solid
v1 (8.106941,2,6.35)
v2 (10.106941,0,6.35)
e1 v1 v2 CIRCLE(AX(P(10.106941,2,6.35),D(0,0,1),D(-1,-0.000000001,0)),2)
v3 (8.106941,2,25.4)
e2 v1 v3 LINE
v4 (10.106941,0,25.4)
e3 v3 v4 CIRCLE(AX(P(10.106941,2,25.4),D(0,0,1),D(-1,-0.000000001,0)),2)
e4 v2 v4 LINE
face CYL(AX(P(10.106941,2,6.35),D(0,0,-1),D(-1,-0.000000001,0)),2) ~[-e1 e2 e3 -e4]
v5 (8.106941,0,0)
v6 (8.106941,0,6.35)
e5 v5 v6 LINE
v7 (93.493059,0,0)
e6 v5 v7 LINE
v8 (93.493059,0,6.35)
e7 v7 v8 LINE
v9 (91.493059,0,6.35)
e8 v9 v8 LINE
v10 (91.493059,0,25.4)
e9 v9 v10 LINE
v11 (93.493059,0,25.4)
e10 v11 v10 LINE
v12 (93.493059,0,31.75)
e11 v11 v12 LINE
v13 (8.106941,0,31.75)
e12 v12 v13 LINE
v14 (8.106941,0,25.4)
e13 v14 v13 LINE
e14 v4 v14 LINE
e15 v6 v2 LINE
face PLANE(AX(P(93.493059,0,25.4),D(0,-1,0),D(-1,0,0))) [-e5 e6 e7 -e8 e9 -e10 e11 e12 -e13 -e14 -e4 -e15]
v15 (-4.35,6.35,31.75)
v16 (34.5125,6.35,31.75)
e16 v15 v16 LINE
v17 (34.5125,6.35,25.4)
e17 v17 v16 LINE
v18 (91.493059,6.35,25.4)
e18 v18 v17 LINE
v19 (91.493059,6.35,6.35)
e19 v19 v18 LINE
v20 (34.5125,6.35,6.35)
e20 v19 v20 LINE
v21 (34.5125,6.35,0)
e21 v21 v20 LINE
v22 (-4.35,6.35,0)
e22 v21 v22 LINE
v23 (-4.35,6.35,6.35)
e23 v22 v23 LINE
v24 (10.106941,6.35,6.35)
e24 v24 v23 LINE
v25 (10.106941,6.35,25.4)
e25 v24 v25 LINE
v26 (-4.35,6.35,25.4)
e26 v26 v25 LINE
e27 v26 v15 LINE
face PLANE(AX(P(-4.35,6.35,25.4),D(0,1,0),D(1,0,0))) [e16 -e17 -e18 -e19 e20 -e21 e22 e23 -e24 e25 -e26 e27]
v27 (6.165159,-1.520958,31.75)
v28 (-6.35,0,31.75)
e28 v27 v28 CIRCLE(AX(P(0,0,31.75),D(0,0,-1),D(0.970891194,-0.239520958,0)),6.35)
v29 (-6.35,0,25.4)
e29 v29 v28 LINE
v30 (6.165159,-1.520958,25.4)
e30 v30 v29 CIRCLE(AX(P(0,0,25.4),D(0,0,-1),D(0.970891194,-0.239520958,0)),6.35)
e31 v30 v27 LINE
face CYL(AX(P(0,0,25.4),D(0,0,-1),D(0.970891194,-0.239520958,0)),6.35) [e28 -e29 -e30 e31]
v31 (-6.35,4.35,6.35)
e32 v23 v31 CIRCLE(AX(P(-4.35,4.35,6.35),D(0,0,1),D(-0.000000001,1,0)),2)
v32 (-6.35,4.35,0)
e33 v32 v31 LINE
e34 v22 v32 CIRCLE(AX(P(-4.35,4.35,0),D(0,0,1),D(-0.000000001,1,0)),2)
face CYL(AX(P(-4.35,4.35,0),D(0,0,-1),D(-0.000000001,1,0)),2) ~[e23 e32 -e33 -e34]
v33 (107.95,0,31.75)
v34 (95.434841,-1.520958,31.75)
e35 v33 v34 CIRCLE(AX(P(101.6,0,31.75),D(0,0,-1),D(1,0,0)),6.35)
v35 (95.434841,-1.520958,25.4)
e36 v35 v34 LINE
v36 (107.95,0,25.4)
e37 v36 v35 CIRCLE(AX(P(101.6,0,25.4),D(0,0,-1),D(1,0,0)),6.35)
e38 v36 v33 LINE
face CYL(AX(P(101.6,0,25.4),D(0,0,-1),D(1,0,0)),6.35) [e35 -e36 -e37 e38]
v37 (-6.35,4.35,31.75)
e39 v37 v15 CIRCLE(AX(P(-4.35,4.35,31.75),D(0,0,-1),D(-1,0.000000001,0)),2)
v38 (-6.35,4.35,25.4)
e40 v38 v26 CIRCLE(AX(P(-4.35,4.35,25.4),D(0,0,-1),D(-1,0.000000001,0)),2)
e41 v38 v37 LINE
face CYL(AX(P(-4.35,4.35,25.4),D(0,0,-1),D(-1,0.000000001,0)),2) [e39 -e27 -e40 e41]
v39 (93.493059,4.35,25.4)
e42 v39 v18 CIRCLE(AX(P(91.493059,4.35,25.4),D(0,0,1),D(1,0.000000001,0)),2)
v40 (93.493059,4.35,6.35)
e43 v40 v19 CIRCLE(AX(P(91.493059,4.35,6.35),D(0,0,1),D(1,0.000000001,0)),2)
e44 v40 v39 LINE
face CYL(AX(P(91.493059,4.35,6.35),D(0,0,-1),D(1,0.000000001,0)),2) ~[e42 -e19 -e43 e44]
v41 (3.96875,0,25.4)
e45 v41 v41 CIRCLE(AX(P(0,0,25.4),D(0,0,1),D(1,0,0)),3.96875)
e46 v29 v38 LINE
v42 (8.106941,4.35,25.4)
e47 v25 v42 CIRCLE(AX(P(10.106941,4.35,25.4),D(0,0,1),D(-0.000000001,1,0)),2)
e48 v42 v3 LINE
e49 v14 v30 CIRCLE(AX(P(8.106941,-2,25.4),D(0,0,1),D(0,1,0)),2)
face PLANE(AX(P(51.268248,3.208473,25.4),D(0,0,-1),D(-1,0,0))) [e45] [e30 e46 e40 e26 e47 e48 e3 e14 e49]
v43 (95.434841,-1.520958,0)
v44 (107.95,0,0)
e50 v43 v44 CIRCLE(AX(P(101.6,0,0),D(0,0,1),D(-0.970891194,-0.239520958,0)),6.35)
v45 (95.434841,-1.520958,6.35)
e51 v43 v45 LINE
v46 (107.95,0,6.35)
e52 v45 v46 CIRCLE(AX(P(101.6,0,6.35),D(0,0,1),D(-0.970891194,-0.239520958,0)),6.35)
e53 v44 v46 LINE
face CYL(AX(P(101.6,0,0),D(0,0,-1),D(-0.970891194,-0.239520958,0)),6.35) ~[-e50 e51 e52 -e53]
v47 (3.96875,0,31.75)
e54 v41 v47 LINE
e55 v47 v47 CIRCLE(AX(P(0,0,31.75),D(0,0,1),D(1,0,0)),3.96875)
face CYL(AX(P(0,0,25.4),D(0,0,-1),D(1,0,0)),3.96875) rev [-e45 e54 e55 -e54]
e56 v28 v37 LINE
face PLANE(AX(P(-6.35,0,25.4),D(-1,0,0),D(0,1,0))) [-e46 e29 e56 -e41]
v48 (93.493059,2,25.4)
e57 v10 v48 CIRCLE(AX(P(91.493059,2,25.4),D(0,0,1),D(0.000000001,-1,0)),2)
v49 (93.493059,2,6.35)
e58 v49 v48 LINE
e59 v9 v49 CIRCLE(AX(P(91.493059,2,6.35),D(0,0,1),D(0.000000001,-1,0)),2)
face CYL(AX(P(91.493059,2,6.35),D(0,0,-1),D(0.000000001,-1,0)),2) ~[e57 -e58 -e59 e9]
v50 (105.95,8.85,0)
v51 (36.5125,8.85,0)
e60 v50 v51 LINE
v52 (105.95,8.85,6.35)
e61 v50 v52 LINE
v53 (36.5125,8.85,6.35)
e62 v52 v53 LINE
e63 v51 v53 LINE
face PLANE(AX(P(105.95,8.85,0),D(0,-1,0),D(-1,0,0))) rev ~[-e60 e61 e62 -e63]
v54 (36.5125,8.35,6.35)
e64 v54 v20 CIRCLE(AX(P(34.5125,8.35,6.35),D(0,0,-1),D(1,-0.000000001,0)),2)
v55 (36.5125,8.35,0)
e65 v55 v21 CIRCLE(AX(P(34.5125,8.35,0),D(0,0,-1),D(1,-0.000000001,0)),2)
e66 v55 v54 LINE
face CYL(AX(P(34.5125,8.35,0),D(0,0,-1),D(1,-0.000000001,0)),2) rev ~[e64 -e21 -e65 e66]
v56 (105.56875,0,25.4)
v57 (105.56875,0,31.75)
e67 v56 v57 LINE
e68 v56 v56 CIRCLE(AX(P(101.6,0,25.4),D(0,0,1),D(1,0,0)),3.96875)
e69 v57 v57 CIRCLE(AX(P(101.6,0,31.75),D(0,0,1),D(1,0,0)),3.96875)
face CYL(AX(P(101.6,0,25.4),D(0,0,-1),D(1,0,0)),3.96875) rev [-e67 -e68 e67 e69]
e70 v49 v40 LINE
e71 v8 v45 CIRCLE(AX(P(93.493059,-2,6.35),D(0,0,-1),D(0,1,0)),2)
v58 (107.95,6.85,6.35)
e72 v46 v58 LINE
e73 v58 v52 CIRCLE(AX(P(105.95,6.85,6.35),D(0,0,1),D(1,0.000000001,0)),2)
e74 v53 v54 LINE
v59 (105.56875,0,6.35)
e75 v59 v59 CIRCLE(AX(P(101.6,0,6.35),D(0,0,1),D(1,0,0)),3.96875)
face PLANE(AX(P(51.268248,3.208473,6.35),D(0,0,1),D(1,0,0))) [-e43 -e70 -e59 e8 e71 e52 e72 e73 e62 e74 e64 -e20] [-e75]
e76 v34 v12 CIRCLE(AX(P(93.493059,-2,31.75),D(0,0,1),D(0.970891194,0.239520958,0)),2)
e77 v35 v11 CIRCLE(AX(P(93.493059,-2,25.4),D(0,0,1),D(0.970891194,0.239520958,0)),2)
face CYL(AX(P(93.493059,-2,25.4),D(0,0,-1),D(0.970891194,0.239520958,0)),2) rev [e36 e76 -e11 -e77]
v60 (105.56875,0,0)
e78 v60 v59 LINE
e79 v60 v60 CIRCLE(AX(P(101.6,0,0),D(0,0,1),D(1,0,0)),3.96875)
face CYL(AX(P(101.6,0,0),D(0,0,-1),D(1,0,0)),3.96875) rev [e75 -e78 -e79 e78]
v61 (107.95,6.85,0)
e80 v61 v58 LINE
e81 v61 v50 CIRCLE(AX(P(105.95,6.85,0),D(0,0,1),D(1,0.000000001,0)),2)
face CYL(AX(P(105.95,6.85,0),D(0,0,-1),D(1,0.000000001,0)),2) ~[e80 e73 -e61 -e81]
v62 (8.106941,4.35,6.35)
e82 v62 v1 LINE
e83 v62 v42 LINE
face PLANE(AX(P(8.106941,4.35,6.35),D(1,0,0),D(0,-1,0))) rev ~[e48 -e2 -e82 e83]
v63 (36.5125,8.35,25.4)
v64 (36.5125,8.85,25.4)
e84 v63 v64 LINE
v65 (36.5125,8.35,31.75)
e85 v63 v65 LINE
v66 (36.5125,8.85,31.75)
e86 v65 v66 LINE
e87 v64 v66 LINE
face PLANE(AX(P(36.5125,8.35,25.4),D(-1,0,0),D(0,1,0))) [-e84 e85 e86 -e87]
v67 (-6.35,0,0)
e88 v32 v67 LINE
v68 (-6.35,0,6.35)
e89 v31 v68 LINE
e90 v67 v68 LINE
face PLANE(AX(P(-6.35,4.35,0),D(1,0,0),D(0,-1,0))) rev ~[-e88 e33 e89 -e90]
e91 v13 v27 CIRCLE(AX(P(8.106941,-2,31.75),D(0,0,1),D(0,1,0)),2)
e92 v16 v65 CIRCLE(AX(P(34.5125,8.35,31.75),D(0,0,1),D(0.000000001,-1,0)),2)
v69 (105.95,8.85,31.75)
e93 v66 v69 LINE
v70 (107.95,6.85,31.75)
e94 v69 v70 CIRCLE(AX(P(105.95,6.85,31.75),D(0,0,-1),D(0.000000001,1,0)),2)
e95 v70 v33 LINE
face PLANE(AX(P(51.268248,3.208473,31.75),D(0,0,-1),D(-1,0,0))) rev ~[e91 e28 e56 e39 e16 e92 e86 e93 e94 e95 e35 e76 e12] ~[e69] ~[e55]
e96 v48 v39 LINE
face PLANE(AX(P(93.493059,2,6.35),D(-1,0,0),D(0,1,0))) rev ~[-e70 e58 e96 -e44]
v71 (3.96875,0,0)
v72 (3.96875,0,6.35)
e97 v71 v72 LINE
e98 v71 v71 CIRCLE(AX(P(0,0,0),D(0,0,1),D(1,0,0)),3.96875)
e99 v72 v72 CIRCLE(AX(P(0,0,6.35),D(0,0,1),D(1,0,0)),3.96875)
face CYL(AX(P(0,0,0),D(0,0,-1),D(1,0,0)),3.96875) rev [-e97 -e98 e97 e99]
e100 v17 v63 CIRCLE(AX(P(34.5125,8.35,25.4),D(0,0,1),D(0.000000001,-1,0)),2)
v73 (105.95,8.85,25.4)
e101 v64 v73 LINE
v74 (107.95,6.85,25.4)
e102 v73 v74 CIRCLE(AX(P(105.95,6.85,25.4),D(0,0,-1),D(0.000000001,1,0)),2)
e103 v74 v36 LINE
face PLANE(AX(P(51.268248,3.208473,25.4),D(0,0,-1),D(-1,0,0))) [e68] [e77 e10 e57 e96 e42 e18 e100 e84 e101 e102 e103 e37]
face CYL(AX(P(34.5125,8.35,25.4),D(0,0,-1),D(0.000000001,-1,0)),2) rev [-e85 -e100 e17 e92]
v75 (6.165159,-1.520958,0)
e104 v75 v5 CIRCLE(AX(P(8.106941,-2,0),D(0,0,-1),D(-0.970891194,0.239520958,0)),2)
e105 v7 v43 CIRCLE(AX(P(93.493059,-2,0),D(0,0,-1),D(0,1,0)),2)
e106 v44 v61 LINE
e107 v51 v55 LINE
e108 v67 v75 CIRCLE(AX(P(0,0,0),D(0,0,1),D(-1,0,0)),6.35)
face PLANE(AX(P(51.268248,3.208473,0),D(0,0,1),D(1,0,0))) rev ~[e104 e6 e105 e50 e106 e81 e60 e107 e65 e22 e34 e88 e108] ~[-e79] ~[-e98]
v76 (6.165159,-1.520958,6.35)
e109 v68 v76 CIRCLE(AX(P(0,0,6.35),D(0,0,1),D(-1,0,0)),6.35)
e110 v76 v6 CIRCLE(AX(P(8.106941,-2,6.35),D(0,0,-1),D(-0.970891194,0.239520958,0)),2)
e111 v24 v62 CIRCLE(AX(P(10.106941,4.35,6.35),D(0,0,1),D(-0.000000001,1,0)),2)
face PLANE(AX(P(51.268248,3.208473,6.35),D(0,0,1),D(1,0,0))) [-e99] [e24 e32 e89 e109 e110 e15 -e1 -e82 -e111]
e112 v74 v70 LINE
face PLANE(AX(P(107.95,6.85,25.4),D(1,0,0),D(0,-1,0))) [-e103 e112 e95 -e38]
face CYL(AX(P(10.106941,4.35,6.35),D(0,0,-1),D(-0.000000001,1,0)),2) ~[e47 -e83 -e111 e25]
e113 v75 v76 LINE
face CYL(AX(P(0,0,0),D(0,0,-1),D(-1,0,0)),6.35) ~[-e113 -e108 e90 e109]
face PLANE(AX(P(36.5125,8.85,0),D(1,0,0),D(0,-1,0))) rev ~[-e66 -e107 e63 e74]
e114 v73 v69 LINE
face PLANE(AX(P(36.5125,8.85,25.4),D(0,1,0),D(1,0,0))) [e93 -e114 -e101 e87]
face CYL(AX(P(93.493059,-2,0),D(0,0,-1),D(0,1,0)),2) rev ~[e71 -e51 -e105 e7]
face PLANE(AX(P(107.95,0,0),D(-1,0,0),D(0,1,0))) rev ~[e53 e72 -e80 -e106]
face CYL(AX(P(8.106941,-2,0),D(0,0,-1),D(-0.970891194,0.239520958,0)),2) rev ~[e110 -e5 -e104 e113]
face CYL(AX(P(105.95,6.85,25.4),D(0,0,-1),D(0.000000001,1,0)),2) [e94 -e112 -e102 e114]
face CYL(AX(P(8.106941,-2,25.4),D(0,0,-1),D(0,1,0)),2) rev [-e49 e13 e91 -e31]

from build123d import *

# Parameters (mm, degrees)
SKETCH1_R           = 3.96875
BOSS_EXTRUDE1_DEPTH = 6.35
BOSS_EXTRUDE2_DEPTH = 19.05
SKETCH4_R           = 3.96875
BOSS_EXTRUDE3_DEPTH = 6.35


with BuildPart() as part:
    # Sketch1 → Boss-Extrude1 (new body)
    with BuildSketch(Plane.XY):
        with BuildLine():
            Line((105.95, 8.85), (36.5125, 8.85))
            Line((36.5125, 8.85), (36.5125, 8.35))
            ThreePointArc((36.5125, 8.35), (35.926713562, 6.935786438), (34.5125, 6.35))
            Line((34.5125, 6.35), (-4.35, 6.35))
            ThreePointArc((-4.35, 6.35), (-5.764213562, 5.764213562), (-6.35, 4.35))
            Line((-6.35, 4.35), (-6.35, 0))
            ThreePointArc((-6.35, 0), (-4.490128061, -4.490128061), (0, -6.35))
            ThreePointArc((0, -6.35), (3.915636357, -4.999029097), (6.165159082, -1.520958084))
            ThreePointArc((6.165159082, -1.520958084), (6.873670176, -0.425502647), (8.10694147, 0))
            Line((8.10694147, 0), (93.49305853, 0))
            ThreePointArc((93.49305853, 0), (94.726329824, -0.425502647), (95.434840918, -1.520958084))
            ThreePointArc((95.434840918, -1.520958084), (97.684363643, -4.999029097), (101.6, -6.35))
            ThreePointArc((101.6, -6.35), (106.090128061, -4.490128061), (107.95, 0))
            Line((107.95, 0), (107.95, 6.85))
            ThreePointArc((107.95, 6.85), (107.364213562, 8.264213562), (105.95, 8.85))
        make_face()
        Circle(SKETCH1_R, mode=Mode.SUBTRACT)
        with Locations((101.6, 0)):
            Circle(SKETCH1_R, mode=Mode.SUBTRACT)
    extrude(amount=BOSS_EXTRUDE1_DEPTH)

    # Sketch3 → Boss-Extrude2 (add)
    with BuildSketch(Plane.XY.offset(6.35)):
        with BuildLine():
            Line((91.49305853, 6.35), (10.10694147, 6.35))
            ThreePointArc((10.10694147, 6.35), (8.692727908, 5.764213562), (8.10694147, 4.35))
            Line((8.10694147, 4.35), (8.10694147, 2))
            ThreePointArc((8.10694147, 2), (8.692727908, 0.585786438), (10.10694147, 0))
            Line((10.10694147, 0), (91.49305853, 0))
            ThreePointArc((91.49305853, 0), (92.907272092, 0.585786438), (93.49305853, 2))
            Line((93.49305853, 2), (93.49305853, 4.35))
            ThreePointArc((93.49305853, 4.35), (92.907272092, 5.764213562), (91.49305853, 6.35))
        make_face()
    extrude(amount=BOSS_EXTRUDE2_DEPTH)

    # Sketch4 → Boss-Extrude3 (add)
    with BuildSketch(Plane.XY.offset(25.4)):
        with BuildLine():
            Line((-4.35, 6.35), (34.5125, 6.35))
            ThreePointArc((34.5125, 6.35), (35.926713562, 6.935786438), (36.5125, 8.35))
            Line((36.5125, 8.35), (36.5125, 8.85))
            Line((36.5125, 8.85), (105.95, 8.85))
            ThreePointArc((105.95, 8.85), (107.364213562, 8.264213562), (107.95, 6.85))
            Line((107.95, 6.85), (107.95, 0))
            ThreePointArc((107.95, 0), (106.090128061, -4.490128061), (101.6, -6.35))
            ThreePointArc((101.6, -6.35), (97.684363643, -4.999029097), (95.434840918, -1.520958084))
            ThreePointArc((95.434840918, -1.520958084), (94.726329824, -0.425502647), (93.49305853, 0))
            Line((93.49305853, 0), (8.10694147, 0))
            ThreePointArc((8.10694147, 0), (6.873670176, -0.425502647), (6.165159082, -1.520958084))
            ThreePointArc((6.165159082, -1.520958084), (3.915636357, -4.999029097), (0, -6.35))
            ThreePointArc((0, -6.35), (-4.490128061, -4.490128061), (-6.35, 0))
            Line((-6.35, 0), (-6.35, 4.35))
            ThreePointArc((-6.35, 4.35), (-5.764213562, 5.764213562), (-4.35, 6.35))
        make_face()
        Circle(SKETCH4_R, mode=Mode.SUBTRACT)
        with Locations((101.6, 0)):
            Circle(SKETCH4_R, mode=Mode.SUBTRACT)
    extrude(amount=BOSS_EXTRUDE3_DEPTH)


solid = part.part
